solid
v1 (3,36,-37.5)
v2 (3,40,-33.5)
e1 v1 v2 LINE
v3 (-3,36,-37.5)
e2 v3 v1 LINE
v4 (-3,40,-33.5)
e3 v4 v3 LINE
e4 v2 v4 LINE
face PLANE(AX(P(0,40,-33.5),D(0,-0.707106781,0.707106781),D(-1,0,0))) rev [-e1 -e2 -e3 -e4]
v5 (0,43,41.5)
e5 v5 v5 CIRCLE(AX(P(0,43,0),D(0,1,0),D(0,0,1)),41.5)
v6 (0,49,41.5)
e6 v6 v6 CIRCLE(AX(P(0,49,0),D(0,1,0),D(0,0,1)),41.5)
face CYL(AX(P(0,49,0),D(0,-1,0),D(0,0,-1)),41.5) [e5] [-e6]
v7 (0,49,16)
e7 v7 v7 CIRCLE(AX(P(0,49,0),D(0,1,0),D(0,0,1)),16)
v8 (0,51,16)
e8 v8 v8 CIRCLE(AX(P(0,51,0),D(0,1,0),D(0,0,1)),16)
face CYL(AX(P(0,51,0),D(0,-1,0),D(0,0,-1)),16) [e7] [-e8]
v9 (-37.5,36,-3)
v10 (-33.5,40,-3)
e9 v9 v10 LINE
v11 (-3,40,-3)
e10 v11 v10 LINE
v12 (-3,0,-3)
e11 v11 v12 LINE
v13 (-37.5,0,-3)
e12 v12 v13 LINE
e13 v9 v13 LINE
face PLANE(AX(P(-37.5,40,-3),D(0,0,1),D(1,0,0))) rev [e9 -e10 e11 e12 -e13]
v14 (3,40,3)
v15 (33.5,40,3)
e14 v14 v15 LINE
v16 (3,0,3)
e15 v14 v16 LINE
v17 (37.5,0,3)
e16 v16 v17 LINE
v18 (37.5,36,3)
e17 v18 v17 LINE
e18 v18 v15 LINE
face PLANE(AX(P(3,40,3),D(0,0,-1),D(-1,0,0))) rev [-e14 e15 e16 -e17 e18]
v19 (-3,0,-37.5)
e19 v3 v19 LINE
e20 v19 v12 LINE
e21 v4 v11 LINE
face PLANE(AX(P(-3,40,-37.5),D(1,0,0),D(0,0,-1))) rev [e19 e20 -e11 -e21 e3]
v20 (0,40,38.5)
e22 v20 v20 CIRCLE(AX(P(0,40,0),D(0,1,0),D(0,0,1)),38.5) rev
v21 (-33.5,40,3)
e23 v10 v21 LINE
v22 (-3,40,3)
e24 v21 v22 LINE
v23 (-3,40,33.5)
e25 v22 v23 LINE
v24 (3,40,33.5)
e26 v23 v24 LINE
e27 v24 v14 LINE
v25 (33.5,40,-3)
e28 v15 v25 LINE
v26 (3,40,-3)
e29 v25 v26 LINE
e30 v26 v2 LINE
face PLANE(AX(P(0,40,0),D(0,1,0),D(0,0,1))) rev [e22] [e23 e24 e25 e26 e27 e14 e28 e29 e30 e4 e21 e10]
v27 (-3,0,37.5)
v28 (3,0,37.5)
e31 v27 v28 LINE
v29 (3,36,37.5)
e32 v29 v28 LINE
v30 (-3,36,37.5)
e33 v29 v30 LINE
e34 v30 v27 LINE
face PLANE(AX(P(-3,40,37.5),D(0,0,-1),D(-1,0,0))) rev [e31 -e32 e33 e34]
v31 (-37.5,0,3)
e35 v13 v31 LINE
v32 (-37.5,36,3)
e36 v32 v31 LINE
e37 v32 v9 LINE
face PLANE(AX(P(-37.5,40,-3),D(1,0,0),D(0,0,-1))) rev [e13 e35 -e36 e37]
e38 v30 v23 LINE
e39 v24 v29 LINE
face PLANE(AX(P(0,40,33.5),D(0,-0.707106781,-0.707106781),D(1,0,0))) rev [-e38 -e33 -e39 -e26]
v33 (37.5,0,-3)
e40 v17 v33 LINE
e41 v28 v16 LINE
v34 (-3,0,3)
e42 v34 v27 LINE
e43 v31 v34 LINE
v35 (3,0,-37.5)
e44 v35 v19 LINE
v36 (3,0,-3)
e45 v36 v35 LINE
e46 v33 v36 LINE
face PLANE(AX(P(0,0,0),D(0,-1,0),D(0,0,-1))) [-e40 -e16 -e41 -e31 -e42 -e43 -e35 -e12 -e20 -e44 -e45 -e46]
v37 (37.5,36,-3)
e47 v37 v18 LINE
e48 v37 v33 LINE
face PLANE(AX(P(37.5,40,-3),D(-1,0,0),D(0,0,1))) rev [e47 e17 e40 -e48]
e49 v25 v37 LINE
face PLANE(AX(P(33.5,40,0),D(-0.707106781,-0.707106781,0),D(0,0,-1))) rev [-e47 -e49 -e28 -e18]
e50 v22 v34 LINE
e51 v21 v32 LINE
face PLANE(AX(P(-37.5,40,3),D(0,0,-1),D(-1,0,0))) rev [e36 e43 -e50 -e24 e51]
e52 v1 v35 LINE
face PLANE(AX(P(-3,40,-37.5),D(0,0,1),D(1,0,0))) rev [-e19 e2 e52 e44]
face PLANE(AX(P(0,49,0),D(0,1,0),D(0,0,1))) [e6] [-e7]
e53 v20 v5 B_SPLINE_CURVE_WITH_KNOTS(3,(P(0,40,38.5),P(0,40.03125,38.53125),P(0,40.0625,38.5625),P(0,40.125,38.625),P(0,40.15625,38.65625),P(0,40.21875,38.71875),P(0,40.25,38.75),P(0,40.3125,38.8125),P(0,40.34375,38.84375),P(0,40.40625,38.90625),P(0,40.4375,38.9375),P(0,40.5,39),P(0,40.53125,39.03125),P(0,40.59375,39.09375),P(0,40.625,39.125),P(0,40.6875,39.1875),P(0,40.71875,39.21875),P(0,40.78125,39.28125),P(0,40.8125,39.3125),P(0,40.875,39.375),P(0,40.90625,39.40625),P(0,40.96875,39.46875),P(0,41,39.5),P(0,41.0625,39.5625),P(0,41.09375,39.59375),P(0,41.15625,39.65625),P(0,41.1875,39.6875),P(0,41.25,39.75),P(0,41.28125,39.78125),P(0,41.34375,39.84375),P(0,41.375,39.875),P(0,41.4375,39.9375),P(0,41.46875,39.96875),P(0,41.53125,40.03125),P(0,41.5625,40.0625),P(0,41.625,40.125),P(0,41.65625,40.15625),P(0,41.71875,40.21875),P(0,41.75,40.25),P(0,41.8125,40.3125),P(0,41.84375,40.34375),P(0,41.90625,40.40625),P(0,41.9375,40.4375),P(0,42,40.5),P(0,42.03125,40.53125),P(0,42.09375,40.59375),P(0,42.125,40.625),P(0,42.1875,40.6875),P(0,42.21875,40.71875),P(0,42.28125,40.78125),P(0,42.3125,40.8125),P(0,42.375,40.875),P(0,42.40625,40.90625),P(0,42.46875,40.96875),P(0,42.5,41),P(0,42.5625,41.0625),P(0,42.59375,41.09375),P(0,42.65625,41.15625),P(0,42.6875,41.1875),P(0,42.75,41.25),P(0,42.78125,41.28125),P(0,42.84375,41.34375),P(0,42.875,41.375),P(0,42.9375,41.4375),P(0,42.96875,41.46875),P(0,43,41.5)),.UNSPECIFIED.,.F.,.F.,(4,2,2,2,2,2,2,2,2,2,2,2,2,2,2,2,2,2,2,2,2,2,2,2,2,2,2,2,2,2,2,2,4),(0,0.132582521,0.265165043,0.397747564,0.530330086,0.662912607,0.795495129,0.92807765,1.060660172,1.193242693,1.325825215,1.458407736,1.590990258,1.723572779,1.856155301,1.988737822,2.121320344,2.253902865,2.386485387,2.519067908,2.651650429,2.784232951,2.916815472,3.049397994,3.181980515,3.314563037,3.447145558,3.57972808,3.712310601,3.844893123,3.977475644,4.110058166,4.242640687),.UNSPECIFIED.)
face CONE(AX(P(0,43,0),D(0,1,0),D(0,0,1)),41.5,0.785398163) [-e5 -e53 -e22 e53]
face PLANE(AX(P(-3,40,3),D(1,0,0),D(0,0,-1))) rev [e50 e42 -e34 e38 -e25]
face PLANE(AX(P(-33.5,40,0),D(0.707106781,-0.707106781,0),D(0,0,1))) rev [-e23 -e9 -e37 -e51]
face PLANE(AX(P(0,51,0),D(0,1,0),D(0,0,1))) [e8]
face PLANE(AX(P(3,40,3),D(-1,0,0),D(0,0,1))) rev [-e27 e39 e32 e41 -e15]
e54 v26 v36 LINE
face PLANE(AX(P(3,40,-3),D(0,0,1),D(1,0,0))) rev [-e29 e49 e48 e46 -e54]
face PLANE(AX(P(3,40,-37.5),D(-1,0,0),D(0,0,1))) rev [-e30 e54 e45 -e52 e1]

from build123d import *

# Parameters (mm, degrees)
BOSS_EXTRUDE1_DEPTH = 40
CHAMFER1_SIZE       = 4
SKETCH3_R           = 41.5
BOSS_EXTRUDE2_DEPTH = 9
SKETCH4_R           = 16
BOSS_EXTRUDE3_DEPTH = 2
CHAMFER2_SIZE       = 3


with BuildPart() as part:
    # Sketch1 → Boss-Extrude1 (new body)
    with BuildSketch(Plane(origin=(0, 0, 0), x_dir=(1, 0, 0), z_dir=(0, 1, 0))):
        Polygon((3, 3), (37.5, 3), (37.5, -3), (3, -3), (3, -37.5), (-3, -37.5), (-3, -3), (-37.5, -3), (-37.5, 3), (-3, 3), (-3, 37.5), (3, 37.5), align=None)
    extrude(amount=BOSS_EXTRUDE1_DEPTH)

    # Chamfer1
    chamfer1_edges = [part.edges().sort_by_distance(p)[0] for p in [
        (0, 40, -37.5),
        (-37.5, 40, 0),
        (0, 40, 37.5),
        (37.5, 40, 0),
    ]]
    chamfer(chamfer1_edges, length=CHAMFER1_SIZE)

    # Sketch3 → Boss-Extrude2 (add)
    with BuildSketch(Plane(origin=(0, 40, 0), x_dir=(1, 0, 0), z_dir=(0, 1, 0))):
        with Locations(Location((0, 0, 0), (0, 0, 270))):
            Circle(SKETCH3_R)
    extrude(amount=BOSS_EXTRUDE2_DEPTH)

    # Sketch4 → Boss-Extrude3 (add)
    with BuildSketch(Plane(origin=(0, 49, 0), x_dir=(1, 0, 0), z_dir=(0, 1, 0))):
        with Locations(Location((0, 0, 0), (0, 0, 270))):
            Circle(SKETCH4_R)
    extrude(amount=BOSS_EXTRUDE3_DEPTH)

    # Chamfer2
    chamfer2_edges = [part.edges().sort_by_distance(p)[0] for p in [
        (0, 40, -41.5),
    ]]
    chamfer(chamfer2_edges, length=CHAMFER2_SIZE)


solid = part.part
